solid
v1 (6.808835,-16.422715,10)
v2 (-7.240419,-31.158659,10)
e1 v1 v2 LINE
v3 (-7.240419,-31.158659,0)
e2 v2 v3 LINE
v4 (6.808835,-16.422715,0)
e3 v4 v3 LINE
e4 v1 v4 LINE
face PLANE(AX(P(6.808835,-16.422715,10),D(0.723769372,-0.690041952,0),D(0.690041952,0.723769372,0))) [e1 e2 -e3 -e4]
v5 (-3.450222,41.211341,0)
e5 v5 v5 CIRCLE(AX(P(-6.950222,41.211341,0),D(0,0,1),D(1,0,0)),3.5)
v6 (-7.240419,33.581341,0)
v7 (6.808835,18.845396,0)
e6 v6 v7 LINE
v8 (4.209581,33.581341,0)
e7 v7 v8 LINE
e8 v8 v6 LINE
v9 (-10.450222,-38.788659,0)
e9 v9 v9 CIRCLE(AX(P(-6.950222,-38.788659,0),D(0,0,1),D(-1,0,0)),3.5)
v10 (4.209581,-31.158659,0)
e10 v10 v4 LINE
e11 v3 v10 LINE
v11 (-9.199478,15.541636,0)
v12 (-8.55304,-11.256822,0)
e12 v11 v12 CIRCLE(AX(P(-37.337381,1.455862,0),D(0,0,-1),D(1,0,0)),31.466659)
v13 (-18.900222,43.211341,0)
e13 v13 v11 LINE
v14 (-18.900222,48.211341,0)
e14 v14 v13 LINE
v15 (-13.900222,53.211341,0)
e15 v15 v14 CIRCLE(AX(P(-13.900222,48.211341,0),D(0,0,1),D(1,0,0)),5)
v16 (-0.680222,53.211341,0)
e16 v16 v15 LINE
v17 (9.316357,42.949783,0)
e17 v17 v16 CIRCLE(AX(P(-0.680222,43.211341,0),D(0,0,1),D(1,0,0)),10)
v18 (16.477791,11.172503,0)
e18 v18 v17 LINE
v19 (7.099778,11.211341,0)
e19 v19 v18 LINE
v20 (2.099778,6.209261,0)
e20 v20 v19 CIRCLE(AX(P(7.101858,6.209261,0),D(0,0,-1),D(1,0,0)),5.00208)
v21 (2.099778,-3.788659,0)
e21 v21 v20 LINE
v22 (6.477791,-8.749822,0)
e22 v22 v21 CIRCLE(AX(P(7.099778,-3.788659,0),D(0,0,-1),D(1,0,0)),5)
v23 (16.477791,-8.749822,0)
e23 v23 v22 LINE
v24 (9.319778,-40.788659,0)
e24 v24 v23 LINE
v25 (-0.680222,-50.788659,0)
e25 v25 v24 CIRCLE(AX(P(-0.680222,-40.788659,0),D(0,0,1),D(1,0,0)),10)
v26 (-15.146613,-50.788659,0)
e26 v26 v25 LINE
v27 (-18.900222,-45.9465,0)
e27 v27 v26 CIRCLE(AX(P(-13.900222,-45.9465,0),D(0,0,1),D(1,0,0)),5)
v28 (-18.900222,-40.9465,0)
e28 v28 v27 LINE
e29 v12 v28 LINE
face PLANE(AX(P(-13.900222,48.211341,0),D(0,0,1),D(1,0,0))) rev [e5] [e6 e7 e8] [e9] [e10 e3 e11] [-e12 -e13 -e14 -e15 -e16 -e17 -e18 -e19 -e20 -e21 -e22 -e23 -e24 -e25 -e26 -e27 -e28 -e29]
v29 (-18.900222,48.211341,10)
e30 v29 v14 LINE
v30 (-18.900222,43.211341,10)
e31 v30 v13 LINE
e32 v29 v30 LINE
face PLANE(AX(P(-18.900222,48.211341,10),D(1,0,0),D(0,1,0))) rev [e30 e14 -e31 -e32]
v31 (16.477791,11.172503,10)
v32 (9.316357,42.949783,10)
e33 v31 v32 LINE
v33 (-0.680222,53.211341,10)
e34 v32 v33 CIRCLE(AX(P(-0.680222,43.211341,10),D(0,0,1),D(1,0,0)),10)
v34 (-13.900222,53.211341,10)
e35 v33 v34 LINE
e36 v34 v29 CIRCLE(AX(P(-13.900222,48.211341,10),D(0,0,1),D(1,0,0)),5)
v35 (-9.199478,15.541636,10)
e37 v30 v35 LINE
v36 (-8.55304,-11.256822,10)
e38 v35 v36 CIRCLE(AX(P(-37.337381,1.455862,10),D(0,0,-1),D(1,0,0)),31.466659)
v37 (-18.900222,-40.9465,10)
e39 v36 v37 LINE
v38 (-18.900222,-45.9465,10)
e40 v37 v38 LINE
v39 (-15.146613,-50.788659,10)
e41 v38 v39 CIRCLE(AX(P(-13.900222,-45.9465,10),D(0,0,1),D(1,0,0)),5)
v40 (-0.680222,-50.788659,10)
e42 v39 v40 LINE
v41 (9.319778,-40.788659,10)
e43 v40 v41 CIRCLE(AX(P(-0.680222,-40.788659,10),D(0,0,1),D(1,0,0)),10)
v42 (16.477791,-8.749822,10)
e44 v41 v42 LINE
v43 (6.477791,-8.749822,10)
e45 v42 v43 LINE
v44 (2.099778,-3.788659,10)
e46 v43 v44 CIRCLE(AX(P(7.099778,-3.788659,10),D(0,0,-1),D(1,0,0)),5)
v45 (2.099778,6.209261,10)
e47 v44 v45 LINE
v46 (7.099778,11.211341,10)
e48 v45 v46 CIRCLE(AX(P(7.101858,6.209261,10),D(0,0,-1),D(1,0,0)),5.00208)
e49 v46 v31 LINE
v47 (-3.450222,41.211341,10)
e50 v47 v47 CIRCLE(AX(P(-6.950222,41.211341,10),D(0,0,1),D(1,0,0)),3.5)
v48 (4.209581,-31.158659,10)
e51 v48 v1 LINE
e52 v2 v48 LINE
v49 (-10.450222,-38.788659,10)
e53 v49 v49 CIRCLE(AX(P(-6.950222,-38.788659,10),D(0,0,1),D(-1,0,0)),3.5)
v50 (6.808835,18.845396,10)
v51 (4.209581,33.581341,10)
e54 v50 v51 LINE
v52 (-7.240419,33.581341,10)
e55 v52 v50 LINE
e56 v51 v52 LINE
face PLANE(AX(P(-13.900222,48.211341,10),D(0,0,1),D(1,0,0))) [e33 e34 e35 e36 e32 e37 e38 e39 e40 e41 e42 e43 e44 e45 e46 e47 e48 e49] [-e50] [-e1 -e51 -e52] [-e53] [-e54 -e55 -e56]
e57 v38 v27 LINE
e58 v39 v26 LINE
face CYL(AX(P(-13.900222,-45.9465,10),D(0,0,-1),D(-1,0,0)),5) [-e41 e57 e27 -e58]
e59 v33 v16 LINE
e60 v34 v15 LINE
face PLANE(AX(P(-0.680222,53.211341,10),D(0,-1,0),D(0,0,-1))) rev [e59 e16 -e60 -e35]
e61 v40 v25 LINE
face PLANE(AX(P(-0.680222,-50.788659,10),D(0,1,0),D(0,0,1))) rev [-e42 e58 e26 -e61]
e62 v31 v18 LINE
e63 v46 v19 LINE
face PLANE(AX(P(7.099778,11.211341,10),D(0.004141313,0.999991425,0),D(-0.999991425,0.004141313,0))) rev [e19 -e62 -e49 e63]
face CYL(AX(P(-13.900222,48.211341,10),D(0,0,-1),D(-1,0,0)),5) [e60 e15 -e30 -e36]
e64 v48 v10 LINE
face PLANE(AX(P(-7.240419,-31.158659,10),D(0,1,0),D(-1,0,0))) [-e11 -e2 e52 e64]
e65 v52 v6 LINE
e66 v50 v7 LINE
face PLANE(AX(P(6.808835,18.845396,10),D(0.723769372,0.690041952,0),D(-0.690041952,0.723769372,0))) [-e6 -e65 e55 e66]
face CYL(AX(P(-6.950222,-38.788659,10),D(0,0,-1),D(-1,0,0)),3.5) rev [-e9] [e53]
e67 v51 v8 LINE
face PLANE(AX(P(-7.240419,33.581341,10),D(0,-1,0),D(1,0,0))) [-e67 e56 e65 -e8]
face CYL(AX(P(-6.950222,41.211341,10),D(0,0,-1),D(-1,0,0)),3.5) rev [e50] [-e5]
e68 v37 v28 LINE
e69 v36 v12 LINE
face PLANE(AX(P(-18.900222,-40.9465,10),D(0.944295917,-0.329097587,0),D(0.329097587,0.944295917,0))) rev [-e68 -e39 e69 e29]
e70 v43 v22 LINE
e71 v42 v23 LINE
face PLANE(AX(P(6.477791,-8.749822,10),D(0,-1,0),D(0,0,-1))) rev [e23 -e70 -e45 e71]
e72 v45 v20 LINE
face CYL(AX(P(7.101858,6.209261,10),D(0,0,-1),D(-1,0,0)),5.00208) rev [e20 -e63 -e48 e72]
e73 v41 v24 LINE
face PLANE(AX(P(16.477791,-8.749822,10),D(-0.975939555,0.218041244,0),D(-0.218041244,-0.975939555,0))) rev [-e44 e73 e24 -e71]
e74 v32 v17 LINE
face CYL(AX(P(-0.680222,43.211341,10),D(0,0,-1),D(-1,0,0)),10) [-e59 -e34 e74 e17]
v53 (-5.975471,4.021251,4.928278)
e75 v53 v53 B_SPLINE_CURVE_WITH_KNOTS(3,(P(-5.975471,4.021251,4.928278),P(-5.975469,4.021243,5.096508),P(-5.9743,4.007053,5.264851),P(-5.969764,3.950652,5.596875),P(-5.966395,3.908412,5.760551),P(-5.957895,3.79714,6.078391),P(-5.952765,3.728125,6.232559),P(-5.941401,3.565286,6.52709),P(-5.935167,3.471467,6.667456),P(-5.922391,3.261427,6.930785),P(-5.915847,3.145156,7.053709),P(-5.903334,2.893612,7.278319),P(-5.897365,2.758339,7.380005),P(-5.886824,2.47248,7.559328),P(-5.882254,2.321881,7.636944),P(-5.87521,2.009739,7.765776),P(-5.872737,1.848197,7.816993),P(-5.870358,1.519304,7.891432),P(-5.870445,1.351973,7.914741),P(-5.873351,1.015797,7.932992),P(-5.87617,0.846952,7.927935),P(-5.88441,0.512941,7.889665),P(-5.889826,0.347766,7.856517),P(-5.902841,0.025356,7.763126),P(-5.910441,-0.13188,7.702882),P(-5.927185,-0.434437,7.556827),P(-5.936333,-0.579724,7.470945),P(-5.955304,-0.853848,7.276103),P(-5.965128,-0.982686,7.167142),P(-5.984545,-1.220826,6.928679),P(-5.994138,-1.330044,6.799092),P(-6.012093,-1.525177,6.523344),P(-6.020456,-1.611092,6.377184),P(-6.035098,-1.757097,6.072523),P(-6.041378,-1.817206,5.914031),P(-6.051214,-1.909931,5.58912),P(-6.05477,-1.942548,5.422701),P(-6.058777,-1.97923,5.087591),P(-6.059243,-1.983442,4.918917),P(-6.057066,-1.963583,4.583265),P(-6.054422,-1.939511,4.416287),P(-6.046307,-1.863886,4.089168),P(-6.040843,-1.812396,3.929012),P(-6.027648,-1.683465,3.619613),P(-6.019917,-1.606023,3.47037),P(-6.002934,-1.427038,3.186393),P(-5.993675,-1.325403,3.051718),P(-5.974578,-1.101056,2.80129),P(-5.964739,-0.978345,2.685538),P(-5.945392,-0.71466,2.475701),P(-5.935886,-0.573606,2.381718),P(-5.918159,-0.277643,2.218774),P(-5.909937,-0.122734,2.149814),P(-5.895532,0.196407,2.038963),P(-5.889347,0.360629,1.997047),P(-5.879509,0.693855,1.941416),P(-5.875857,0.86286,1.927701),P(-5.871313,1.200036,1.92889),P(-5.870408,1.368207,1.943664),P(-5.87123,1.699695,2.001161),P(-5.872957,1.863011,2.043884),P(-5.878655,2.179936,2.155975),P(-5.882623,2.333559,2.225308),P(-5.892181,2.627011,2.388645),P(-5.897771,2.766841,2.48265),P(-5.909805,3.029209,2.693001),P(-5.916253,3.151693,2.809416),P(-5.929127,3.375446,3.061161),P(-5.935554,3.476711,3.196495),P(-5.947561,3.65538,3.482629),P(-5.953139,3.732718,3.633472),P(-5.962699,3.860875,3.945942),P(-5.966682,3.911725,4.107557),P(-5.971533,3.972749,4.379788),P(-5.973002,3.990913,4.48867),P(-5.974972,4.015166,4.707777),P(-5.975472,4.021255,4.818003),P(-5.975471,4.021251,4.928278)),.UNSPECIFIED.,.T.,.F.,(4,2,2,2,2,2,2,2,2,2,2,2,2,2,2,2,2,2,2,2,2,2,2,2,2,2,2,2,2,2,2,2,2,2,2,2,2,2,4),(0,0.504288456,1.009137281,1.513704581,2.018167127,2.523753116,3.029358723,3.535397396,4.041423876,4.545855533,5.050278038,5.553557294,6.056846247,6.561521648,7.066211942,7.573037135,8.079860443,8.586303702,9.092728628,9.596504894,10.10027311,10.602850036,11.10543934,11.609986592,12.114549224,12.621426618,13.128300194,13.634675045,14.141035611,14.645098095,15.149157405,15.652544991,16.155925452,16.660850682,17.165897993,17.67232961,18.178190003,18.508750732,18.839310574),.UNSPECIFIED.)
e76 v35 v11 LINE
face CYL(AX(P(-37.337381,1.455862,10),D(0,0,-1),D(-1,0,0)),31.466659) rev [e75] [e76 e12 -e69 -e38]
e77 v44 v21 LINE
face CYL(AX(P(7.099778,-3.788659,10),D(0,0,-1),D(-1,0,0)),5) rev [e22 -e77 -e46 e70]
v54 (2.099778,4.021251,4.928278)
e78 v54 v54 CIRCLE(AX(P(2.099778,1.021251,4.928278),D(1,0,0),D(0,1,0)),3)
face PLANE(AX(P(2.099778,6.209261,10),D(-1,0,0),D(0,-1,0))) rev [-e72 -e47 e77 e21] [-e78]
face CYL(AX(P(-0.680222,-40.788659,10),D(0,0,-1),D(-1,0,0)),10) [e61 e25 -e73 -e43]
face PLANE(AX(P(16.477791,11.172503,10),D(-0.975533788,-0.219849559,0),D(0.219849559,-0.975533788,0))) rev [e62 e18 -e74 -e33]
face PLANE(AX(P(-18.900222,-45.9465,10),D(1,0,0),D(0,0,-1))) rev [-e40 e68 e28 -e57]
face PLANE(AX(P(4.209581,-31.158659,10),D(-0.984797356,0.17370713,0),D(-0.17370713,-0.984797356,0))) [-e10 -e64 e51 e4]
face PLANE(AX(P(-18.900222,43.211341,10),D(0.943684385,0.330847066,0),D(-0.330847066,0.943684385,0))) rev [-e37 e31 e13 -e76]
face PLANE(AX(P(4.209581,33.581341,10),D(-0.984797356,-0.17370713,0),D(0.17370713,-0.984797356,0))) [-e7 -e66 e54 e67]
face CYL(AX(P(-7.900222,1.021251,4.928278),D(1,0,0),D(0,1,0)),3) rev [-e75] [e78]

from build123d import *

# Parameters (mm, degrees)
ESBO_O1_R                = 3.5
RESSALTO_EXTRUS_O1_DEPTH = 10
ESBO_O2_R                = 3
CORTE_EXTRUS_O1_DEPTH    = 10


with BuildPart() as part:
    # Esboço1 → Ressalto-extrusão1 (new body)
    with BuildSketch(Plane.XY):
        with BuildLine():
            Line((16.477791125, 11.172502957), (9.316356929, 42.949783159))
            ThreePointArc((9.316356929, 42.949783159), (6.482723548, 50.189321152), (-0.680221872, 53.211340576))
            Line((-0.680221872, 53.211340576), (-13.900221872, 53.211340576))
            ThreePointArc((-13.900221872, 53.211340576), (-17.435755778, 51.746874482), (-18.900221872, 48.211340576))
            Line((-18.900221872, 48.211340576), (-18.900221872, 43.211340576))
            Line((-18.900221872, 43.211340576), (-9.19947784, 15.541635731))
            ThreePointArc((-9.19947784, 15.541635731), (-5.879873215, 2.214686326), (-8.553040247, -11.256821879))
            Line((-8.553040247, -11.256821879), (-18.900221872, -40.946499789))
            Line((-18.900221872, -40.946499789), (-18.900221872, -45.946499789))
            ThreePointArc((-18.900221872, -45.946499789), (-17.851927459, -49.009835055), (-15.146612691, -50.788659424))
            Line((-15.146612691, -50.788659424), (-13.900221872, -50.788659424))
            Line((-13.900221872, -50.788659424), (-0.680221872, -50.788659424))
            ThreePointArc((-0.680221872, -50.788659424), (6.39084594, -47.859727235), (9.319778128, -40.788659424))
            Line((9.319778128, -40.788659424), (16.477791125, -8.749821804))
            Line((16.477791125, -8.749821804), (6.477791125, -8.749821804))
            ThreePointArc((6.477791125, -8.749821804), (3.350782595, -7.096987172), (2.099778128, -3.788659424))
            Line((2.099778128, -3.788659424), (2.099778128, 6.209261385))
            ThreePointArc((2.099778128, 6.209261385), (3.564118149, 9.745530472), (7.099778128, 11.211340576))
            Line((7.099778128, 11.211340576), (16.477791125, 11.172502957))
        make_face()
        with Locations((-6.950221872, 41.211340576)):
            Circle(ESBO_O1_R, mode=Mode.SUBTRACT)
        with Locations(Location((-6.950221872, -38.788659424, 0), (0, 0, 180))):
            Circle(ESBO_O1_R, mode=Mode.SUBTRACT)
        Polygon((-7.240418913, 33.581340576), (4.209581087, 33.581340576), (6.808835229, 18.845396153), align=None, mode=Mode.SUBTRACT)
        Polygon((4.209581087, -31.158659424), (6.808835229, -16.422715), (-7.240418913, -31.158659424), align=None, mode=Mode.SUBTRACT)
    extrude(amount=RESSALTO_EXTRUS_O1_DEPTH)

    # Esboço2 → Corte-extrusão1 (cut)
    with BuildSketch(Plane(origin=(2.099778128, 0, 0), x_dir=(0, 0, -1), z_dir=(1, 0, 0))):
        with Locations(Location((-4.928277881, 1.02125064, 0), (0, 0, 90))):
            Circle(ESBO_O2_R)
    extrude(amount=-CORTE_EXTRUS_O1_DEPTH, mode=Mode.SUBTRACT)


solid = part.part
